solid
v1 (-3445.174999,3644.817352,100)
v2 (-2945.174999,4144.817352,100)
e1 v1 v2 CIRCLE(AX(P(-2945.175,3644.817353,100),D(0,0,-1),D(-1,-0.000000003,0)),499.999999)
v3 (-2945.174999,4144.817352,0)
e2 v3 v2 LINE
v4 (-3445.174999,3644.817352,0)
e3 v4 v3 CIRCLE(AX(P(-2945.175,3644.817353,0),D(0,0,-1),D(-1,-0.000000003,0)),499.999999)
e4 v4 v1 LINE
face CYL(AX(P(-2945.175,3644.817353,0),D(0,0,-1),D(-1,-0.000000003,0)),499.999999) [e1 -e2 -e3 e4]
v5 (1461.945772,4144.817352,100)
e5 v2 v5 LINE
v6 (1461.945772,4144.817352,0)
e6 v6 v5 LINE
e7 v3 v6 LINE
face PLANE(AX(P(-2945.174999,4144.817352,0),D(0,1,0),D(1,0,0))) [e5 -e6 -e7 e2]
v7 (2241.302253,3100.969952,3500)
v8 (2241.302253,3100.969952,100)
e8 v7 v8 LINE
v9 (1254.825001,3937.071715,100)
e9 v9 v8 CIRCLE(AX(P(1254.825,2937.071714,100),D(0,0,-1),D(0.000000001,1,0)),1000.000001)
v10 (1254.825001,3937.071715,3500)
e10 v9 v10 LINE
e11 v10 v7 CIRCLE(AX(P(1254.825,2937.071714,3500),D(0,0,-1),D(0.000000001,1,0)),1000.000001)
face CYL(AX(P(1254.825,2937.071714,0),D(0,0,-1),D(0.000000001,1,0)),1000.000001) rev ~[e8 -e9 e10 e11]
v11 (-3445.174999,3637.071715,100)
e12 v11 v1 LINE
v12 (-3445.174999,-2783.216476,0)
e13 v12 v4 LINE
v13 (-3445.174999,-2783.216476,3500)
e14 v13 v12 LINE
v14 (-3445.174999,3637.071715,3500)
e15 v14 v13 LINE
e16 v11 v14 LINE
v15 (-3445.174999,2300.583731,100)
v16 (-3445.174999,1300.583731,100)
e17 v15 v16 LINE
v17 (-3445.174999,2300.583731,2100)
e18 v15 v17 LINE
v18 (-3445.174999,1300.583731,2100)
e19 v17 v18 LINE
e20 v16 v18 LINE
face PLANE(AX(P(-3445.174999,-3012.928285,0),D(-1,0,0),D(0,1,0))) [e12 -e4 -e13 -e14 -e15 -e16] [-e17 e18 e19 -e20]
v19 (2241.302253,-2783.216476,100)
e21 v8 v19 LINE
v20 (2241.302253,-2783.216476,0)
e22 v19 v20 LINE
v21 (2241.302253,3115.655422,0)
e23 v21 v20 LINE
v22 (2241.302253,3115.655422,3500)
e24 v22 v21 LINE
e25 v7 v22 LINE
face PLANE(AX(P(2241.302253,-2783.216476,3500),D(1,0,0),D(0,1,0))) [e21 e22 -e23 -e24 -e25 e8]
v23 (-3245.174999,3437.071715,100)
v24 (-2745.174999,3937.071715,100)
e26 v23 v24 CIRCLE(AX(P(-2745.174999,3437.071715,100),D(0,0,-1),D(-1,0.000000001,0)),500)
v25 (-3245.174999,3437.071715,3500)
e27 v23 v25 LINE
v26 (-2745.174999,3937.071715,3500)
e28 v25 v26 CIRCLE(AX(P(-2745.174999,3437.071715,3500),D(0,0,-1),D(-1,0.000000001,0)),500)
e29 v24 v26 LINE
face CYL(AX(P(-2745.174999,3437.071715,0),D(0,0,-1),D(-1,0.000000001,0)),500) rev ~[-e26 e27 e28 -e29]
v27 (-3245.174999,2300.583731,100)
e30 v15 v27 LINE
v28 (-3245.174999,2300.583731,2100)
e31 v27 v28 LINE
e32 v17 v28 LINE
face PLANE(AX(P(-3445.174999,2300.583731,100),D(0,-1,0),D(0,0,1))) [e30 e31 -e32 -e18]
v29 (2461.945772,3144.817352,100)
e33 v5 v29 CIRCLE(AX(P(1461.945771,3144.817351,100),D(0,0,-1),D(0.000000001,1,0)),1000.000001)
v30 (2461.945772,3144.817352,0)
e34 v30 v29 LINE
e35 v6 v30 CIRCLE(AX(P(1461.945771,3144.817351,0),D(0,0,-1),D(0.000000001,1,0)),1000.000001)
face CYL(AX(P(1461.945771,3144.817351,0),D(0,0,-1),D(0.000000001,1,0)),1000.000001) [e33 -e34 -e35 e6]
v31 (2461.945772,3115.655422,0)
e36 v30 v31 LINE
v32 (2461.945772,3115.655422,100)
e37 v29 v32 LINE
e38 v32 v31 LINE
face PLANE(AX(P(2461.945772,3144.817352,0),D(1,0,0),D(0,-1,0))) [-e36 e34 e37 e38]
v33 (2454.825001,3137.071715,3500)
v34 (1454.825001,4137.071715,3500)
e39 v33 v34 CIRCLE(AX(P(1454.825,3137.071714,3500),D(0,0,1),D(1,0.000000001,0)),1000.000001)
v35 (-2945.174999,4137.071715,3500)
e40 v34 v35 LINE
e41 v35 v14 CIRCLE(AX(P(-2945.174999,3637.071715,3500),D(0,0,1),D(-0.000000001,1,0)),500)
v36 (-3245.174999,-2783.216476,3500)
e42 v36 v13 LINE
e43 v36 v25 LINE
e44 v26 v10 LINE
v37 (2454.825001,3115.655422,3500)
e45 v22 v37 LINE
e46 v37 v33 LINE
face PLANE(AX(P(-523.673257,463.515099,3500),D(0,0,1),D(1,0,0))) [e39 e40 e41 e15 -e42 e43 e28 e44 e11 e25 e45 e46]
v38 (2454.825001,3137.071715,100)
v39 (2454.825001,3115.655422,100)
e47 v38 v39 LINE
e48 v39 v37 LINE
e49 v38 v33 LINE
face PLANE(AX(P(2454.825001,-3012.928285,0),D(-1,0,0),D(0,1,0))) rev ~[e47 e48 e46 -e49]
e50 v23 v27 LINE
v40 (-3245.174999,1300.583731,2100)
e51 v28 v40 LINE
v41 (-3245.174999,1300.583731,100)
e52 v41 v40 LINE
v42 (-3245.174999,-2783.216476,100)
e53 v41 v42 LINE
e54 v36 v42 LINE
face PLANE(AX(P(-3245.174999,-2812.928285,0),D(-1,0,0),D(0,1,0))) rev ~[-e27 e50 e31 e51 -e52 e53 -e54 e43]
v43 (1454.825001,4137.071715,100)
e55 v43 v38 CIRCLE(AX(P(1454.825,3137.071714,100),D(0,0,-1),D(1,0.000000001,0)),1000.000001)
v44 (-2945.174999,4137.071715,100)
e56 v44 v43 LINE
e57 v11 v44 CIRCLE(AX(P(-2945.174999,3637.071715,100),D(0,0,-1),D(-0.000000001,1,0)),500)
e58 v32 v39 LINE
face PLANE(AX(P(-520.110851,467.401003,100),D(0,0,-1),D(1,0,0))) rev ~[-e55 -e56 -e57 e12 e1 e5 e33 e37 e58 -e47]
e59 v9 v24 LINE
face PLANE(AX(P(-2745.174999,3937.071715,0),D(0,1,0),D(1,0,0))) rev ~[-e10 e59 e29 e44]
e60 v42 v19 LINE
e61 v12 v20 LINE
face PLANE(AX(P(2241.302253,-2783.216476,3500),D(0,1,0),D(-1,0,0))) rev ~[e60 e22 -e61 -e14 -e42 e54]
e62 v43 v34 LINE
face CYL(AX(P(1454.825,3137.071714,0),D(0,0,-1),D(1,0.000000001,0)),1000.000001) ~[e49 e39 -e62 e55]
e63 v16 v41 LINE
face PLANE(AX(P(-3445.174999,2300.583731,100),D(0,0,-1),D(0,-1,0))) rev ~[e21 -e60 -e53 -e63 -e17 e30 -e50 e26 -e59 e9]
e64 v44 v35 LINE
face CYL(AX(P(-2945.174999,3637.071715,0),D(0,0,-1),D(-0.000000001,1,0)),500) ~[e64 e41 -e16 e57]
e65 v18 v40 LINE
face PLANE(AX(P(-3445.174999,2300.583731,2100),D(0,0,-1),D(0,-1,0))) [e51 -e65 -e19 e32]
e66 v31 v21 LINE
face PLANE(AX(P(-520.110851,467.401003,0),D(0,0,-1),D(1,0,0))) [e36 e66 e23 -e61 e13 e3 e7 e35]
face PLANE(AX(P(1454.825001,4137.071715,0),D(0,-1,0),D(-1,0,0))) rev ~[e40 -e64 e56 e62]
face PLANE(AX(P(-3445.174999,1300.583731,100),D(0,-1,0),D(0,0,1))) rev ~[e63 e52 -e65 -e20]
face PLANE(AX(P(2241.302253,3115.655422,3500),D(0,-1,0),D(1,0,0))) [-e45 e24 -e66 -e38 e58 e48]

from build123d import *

# Parameters (mm, degrees)
F1_DEPTH = 3500
F3_DEPTH = 100
F4_W     = 1000
F4_H     = 2000
F5_DEPTH = 560
F6_W     = 417.586803
F6_H     = 5898.871898
F7_DEPTH = 3610


with BuildPart() as f1:
    # F0 (on Top) → F1 (new body)
    with BuildSketch(Plane.XY):
        with BuildLine():
            Line((1454.825001, 4137.071715), (-2945.174999, 4137.071715))
            ThreePointArc((-2945.174999, 4137.071715), (-3298.72839, 3990.625105), (-3445.174999, 3637.071715))
            Line((-3445.174999, 3637.071715), (-3445.174999, -3012.928285))
            Line((-3445.174999, -3012.928285), (2454.825001, -3012.928285))
            Line((2454.825001, -3012.928285), (2454.825001, 3137.071715))
            ThreePointArc((2454.825001, 3137.071715), (2161.931782, 3844.178496), (1454.825001, 4137.071715))
        make_face()
        with BuildLine():
            ThreePointArc((-3245.174999, 3437.071715), (-3098.72839, 3790.625105), (-2745.174999, 3937.071715))
            Line((-2745.174999, 3937.071715), (1254.825001, 3937.071715))
            ThreePointArc((1254.825001, 3937.071715), (1961.931782, 3644.178496), (2254.825001, 2937.071715))
            Line((2254.825001, 2937.071715), (2254.825001, -2812.928285))
            Line((2254.825001, -2812.928285), (-3245.174999, -2812.928285))
            Line((-3245.174999, -2812.928285), (-3245.174999, 3437.071715))
        make_face(mode=Mode.SUBTRACT)
    extrude(amount=F1_DEPTH)

    # F2 (on face) → F3 (join)
    with BuildSketch(Plane(origin=(0, 0, 0), x_dir=(1, 0, 0), z_dir=(0, 0, -1))):
        with BuildLine():
            Line((2461.945772, 3012.928285), (-3445.174999, 3012.928285))
            Line((-3445.174999, 3012.928285), (-3445.174999, -3644.817352))
            ThreePointArc((-3445.174999, -3644.817352), (-3298.72839, -3998.370743), (-2945.174999, -4144.817352))
            Line((-2945.174999, -4144.817352), (1461.945772, -4144.817352))
            ThreePointArc((1461.945772, -4144.817352), (2169.052553, -3851.924133), (2461.945772, -3144.817352))
            Line((2461.945772, -3144.817352), (2461.945772, 3012.928285))
        make_face()
    extrude(amount=-F3_DEPTH)

    # F4 (on face) → F5 (cut)
    with BuildSketch(Plane(origin=(-3445.174999, 0, 0), x_dir=(0, -1, 0), z_dir=(-1, 0, 0))):
        with Locations((-1800.583731, 1100)):
            Rectangle(F4_W, F4_H)
    extrude(amount=-F5_DEPTH, mode=Mode.SUBTRACT)

    # F6 (on face) → F7 (cut)
    with BuildSketch(Plane.XY.offset(3500)):
        Polygon((2241.302252, -2783.216476), (-3555.570841, -2783.216476), (-3555.570841, -3383.711338), (2658.889055, -3383.711338), (2658.889055, -2783.216476), align=None)
        with Locations((2450.095654, 166.219473)):
            Rectangle(F6_W, F6_H)
    extrude(amount=-F7_DEPTH, mode=Mode.SUBTRACT)


solid = f1.part
